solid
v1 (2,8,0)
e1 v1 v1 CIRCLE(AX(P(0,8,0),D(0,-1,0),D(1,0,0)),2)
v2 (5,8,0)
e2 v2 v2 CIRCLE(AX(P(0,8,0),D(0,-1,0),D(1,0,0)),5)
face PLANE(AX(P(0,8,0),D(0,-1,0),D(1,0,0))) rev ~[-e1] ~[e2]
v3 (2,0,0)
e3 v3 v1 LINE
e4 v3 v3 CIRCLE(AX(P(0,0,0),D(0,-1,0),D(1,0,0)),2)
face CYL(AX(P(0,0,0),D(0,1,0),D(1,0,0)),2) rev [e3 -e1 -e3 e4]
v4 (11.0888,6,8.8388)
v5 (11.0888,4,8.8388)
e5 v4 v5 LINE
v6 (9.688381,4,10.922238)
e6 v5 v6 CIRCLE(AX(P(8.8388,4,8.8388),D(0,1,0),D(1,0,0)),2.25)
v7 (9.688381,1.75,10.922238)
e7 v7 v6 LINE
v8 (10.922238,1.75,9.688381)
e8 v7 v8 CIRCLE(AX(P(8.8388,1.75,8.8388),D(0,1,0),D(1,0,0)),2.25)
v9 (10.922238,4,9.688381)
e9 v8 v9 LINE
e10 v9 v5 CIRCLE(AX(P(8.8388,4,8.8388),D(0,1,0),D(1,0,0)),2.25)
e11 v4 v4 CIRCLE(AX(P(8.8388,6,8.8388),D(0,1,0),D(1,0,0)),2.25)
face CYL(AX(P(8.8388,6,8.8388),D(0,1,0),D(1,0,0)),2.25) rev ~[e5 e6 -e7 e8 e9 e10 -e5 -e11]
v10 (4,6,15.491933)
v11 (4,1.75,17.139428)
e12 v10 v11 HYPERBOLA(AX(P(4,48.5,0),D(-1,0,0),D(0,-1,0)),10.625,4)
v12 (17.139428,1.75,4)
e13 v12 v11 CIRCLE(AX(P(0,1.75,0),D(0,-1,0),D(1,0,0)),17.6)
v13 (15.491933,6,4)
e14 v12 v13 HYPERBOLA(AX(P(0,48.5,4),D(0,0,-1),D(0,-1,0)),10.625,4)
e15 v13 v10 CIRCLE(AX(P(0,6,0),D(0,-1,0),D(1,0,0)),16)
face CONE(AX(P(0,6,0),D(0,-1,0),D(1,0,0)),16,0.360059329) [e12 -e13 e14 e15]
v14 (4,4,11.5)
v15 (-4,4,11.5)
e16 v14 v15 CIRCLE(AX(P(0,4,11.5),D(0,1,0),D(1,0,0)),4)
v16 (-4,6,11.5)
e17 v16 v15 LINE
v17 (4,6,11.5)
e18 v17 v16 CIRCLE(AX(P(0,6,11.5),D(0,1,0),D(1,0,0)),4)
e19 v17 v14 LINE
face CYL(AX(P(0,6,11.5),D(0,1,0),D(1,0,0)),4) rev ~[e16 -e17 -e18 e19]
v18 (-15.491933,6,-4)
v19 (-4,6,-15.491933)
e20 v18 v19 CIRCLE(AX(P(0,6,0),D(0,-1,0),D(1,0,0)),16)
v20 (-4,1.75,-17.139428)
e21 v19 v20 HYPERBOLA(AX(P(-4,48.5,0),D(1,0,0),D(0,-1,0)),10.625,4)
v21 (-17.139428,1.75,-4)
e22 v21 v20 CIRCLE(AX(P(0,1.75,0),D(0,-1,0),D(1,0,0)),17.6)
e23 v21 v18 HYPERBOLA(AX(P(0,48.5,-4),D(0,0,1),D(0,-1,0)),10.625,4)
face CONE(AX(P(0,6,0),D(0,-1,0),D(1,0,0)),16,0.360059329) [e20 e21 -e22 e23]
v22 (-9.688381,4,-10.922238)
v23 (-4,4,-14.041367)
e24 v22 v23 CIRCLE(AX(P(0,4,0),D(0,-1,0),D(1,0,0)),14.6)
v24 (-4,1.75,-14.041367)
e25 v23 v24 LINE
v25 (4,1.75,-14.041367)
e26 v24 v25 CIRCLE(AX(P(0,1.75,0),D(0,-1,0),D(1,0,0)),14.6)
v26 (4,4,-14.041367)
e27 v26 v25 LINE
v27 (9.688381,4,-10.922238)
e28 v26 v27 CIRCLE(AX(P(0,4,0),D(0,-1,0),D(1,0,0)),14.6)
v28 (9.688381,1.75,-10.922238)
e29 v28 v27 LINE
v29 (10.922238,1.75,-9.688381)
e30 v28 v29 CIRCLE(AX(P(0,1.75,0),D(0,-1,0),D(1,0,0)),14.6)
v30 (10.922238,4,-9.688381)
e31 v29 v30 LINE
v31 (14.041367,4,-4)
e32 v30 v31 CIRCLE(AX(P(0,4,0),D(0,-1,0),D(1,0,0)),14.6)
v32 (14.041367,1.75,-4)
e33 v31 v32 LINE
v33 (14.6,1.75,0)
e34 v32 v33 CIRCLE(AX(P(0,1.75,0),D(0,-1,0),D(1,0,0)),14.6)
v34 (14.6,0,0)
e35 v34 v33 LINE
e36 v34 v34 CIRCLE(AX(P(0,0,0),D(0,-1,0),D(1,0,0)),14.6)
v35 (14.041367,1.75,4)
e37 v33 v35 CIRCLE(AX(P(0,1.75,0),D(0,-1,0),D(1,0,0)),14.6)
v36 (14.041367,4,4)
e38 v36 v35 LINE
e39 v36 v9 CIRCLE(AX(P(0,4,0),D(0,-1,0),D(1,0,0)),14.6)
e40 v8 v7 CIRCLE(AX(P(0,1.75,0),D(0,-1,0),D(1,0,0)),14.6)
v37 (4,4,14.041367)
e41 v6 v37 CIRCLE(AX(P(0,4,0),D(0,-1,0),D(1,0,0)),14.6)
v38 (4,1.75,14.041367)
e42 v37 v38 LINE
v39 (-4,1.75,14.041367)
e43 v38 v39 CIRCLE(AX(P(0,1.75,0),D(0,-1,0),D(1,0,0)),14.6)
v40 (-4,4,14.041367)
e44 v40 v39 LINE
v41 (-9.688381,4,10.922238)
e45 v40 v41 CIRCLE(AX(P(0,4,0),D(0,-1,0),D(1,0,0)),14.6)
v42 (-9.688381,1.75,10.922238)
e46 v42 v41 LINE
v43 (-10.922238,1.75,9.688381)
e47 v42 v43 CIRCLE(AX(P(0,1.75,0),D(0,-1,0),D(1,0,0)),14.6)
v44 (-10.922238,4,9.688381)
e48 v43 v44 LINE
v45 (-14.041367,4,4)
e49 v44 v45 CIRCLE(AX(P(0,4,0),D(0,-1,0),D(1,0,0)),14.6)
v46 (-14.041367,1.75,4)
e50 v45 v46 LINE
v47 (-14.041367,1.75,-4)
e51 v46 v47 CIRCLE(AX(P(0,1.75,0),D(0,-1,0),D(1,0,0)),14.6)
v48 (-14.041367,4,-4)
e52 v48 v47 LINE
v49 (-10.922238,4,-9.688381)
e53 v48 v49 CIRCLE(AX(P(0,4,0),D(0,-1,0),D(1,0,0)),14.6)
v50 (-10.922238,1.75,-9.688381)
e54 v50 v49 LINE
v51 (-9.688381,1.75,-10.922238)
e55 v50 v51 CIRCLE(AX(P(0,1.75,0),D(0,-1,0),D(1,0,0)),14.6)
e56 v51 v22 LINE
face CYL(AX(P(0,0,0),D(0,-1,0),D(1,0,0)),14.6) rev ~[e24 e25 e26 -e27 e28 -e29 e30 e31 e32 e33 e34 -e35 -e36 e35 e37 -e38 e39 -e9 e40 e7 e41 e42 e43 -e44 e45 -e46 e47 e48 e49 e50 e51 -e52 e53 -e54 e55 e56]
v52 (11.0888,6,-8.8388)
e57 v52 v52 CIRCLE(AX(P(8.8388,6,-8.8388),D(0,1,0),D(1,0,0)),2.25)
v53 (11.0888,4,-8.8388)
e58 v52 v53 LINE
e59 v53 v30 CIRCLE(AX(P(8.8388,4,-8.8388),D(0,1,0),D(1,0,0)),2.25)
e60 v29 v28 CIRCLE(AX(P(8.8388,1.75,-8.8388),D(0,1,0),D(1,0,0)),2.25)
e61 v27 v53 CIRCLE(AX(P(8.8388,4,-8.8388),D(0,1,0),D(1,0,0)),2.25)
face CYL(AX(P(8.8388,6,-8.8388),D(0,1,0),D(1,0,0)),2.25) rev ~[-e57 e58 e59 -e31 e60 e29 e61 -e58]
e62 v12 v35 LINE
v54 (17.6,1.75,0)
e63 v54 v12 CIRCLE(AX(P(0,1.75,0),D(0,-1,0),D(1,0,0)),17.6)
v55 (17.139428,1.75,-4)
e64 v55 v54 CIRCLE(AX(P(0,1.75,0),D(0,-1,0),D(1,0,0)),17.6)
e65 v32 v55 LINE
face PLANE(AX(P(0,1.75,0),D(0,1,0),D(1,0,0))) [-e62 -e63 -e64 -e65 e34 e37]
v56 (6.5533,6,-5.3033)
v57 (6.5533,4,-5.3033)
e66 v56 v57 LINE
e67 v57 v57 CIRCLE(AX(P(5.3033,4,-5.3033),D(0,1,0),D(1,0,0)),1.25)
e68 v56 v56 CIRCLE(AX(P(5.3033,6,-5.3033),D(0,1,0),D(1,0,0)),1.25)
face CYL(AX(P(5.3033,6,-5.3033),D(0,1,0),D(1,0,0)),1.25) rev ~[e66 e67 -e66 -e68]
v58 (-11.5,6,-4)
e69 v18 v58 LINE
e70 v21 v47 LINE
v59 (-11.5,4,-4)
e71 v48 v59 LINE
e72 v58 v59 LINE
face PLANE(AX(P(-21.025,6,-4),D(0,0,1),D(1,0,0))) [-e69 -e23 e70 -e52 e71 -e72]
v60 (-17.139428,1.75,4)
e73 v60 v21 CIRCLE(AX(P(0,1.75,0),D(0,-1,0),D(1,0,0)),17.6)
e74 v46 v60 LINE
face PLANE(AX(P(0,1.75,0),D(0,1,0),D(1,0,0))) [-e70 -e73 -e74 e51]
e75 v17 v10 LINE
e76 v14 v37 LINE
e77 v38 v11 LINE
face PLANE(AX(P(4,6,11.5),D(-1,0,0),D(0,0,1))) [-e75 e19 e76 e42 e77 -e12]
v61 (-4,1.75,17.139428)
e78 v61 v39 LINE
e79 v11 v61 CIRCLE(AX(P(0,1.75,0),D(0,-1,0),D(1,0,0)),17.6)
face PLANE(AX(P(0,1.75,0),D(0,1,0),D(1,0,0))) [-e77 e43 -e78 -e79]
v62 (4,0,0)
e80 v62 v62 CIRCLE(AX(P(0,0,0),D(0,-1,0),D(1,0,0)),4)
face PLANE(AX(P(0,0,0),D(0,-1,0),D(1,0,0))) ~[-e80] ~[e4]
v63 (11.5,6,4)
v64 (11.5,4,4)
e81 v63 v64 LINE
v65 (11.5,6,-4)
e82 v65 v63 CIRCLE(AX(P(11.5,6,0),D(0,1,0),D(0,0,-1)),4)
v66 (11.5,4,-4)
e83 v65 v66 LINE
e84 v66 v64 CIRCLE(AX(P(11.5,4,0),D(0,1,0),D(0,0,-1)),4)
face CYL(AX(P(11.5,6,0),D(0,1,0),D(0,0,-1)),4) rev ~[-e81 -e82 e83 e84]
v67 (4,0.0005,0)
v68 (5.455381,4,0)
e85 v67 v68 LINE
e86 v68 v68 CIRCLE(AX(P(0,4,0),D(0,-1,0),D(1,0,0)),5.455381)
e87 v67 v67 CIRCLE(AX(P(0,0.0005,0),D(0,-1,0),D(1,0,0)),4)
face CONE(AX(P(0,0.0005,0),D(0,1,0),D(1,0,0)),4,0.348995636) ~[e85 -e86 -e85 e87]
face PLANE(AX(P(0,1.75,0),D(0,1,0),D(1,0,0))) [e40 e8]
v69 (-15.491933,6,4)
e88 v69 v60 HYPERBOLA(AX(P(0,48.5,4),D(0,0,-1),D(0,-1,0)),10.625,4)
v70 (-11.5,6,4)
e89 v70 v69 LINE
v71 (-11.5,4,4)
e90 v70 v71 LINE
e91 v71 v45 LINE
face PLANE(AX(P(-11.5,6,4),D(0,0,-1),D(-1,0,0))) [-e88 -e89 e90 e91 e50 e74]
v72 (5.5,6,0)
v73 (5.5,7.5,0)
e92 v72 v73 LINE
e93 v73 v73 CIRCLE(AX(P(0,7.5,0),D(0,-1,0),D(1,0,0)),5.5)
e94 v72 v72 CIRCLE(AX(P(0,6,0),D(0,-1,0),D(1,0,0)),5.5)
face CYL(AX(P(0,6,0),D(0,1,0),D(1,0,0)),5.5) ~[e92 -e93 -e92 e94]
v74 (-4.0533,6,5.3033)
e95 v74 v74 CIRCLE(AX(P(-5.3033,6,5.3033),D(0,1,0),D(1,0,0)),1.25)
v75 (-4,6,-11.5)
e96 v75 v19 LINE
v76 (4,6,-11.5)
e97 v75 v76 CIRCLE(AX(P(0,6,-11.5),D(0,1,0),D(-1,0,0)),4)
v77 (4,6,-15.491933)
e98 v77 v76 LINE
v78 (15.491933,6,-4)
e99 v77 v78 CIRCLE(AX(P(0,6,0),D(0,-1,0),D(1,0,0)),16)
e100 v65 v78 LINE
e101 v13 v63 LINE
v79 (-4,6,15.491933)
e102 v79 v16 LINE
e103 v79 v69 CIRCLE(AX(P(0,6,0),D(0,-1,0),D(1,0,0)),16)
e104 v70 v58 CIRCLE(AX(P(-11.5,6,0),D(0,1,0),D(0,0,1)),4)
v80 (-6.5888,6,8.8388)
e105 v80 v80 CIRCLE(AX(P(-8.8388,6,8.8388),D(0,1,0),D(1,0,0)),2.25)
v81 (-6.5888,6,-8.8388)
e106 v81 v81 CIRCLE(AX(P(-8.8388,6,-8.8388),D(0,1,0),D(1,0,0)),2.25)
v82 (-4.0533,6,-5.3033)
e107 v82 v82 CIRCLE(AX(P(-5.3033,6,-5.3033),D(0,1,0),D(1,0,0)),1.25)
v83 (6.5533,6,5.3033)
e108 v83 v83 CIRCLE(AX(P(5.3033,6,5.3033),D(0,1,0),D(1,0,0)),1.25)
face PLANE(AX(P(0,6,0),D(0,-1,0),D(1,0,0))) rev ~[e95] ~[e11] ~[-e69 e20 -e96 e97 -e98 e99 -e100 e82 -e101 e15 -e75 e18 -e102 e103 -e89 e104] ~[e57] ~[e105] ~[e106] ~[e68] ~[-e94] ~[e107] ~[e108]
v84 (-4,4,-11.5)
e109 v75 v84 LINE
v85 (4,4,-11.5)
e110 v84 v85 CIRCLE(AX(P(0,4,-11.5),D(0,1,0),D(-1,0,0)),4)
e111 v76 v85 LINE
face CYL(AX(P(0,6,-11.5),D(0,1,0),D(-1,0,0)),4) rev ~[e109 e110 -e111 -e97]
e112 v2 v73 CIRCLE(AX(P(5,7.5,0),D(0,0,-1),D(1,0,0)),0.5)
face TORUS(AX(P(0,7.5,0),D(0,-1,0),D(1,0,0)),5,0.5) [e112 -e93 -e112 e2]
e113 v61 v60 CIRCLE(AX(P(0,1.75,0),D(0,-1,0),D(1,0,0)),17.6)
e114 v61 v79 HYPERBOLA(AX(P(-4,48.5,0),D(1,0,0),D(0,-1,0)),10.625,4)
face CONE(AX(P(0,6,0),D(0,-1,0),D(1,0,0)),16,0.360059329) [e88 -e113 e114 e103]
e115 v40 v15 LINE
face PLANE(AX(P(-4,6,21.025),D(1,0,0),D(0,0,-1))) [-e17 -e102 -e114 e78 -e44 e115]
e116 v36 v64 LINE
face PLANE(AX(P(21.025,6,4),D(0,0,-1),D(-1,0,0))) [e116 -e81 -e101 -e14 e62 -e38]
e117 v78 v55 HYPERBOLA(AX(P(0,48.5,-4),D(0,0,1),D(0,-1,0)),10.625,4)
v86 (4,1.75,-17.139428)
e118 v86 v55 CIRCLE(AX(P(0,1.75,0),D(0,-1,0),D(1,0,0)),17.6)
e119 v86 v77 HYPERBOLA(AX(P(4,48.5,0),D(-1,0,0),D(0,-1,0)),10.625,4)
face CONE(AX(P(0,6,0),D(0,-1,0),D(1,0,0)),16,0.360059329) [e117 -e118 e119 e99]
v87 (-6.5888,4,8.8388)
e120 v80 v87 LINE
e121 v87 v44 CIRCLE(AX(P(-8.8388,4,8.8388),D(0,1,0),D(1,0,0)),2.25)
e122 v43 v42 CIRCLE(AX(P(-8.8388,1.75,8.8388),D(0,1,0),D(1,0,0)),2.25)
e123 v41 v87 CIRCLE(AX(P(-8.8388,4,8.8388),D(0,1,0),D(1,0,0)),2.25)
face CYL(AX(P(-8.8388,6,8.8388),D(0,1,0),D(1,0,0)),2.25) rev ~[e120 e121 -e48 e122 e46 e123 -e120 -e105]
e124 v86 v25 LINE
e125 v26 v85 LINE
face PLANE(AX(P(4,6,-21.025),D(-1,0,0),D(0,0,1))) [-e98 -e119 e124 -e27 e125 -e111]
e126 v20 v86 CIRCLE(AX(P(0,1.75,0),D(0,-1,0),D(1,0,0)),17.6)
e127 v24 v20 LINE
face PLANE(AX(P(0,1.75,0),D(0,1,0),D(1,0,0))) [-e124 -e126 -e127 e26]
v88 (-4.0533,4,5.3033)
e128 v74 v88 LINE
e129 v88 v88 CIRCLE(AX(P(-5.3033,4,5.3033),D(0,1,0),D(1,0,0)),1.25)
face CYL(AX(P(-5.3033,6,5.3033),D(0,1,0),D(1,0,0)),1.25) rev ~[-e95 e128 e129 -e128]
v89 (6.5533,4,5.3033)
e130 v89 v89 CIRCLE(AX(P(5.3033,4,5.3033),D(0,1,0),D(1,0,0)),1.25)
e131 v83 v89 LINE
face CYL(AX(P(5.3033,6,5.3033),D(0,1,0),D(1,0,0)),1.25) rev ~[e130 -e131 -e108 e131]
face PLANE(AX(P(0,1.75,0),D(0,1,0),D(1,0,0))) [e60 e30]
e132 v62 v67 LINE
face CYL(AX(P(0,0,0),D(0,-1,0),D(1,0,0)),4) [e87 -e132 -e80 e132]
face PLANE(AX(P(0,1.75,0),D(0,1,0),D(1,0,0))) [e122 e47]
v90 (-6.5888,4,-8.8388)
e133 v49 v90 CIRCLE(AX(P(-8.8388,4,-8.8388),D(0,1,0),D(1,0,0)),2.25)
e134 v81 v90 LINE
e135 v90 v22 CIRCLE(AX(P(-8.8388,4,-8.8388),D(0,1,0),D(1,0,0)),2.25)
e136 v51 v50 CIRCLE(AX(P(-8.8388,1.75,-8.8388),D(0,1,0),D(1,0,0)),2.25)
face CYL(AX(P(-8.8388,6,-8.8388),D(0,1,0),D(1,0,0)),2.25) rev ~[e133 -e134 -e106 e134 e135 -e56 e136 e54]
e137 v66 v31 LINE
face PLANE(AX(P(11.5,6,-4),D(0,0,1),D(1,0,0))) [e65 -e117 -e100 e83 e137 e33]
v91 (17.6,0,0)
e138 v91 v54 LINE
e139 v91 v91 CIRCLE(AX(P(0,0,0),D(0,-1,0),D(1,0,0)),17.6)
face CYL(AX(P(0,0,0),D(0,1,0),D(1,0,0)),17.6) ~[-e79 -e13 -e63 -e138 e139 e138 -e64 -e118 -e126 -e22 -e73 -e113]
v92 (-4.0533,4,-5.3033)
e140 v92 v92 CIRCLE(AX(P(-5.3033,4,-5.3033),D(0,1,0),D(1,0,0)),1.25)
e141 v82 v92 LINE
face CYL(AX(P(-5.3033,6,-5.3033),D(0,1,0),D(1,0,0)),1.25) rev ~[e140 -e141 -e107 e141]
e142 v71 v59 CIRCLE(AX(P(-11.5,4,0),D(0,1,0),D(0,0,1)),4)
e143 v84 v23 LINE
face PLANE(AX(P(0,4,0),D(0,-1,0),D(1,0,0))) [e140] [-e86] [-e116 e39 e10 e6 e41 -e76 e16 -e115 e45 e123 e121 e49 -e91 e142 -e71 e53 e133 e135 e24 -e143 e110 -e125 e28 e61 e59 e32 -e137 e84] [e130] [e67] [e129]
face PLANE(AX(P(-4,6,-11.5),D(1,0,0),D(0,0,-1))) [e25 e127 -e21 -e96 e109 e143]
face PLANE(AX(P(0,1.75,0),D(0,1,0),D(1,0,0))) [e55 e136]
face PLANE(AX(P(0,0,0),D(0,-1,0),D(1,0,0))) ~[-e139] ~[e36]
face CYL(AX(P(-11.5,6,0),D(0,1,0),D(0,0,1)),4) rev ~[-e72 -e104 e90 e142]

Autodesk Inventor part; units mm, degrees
ref_plane "YZ Plane" through (0, 0, 0) normal (1, 0, 0) x (0, 1, 0)
ref_plane "XZ Plane" through (0, 0, 0) normal (0, 1, 0) x (-1, 0, 0)
ref_plane "XY Plane" through (0, 0, 0) normal (0, 0, 1) x (1, 0, 0)
sketch "Sketch1" plane through (0, 0, 0) normal (0, 0, 1) x (1, 0, 0)
  line L0 (0, 0) -> (17.6, 0)
  line L1 (17.6, 0) -> (17.6, 6)
  line L2 (17.6, 6) -> (0, 6)
  line L3 (0, 6) -> (0, 0) construction
  line L4 (0, 6) -> (5.5, 6)
  line L5 (5.5, 6) -> (5.5, 8)
  line L6 (5.5, 8) -> (0, 8)
  line L7 (0, 8) -> (0, 6) construction
  line L8 (16, 6) -> (16, 0) construction
  line L9 (16, 6) -> (17.6, 1.75)
  line L10 (0, 0) -> (2, 0)
  line L11 (2, 0) -> (2, 8)
  line L12 (2, 8) -> (0, 8)
  line L13 (0, 8) -> (0, 0) construction
  dimension "d0" = 17.6
  dimension "d1" = 6
  dimension "d2" = 5.5
  dimension "d3" = 2
  dimension "d4" = 16
  dimension "d5" = 1.75
  dimension "d6" = 2
revolve "Revolution1" add sketch "Sketch1" angle 360 about axis through (0, 8, 0) along (0, -1, 0) contours L11 L2 L9 L1 L0 | L11 L6 L5 L2
sketch "Sketch2" plane through (0, 6, 0) normal (0, 1, 0) x (1, 0, 0)
  arc A0 (-11.5, -4) -> (-11.5, 4) centre (-11.5, 0) ccw
  circle A1 centre (0, 0) radius 11.5 construction
  line L0 (-11.5, 0) -> (0, 0) construction
  line L1 (-11.5, -4) -> (-21.025, -4)
  line L2 (-21.025, -4) -> (-21.025, 4)
  line L3 (-21.025, 4) -> (-11.5, 4)
  line L4 (-11.5, 4) -> (-11.5, -4) construction
  circle A2 centre (0, 0) radius 2 projected
  circle A3 centre (0, 0) radius 7.5 construction
  circle A4 centre (0, 0) radius 12.5 construction
  line L5 (0, 0) -> (-8.8388, 8.8388) construction
  circle A5 centre (-5.3033, 5.3033) radius 1.25
  circle A6 centre (-8.8388, 8.8388) radius 2.25
  line L6 (-4, -11.5) -> (4, -11.5) construction
  line L7 (4, -11.5) -> (4, -21.025)
  line L8 (4, -21.025) -> (-4, -21.025)
  line L9 (-4, -21.025) -> (-4, -11.5)
  arc A7 (4, -11.5) -> (-4, -11.5) centre (0, -11.5) ccw
  circle A8 centre (-5.3033, -5.3033) radius 1.25
  circle A9 centre (-8.8388, -8.8388) radius 2.25
  line L10 (11.5, -4) -> (11.5, 4) construction
  line L11 (11.5, 4) -> (21.025, 4)
  line L12 (21.025, 4) -> (21.025, -4)
  line L13 (21.025, -4) -> (11.5, -4)
  arc A10 (11.5, 4) -> (11.5, -4) centre (11.5, 0) ccw
  circle A11 centre (5.3033, -5.3033) radius 1.25
  circle A12 centre (8.8388, -8.8388) radius 2.25
  line L14 (4, 11.5) -> (-4, 11.5) construction
  line L15 (-4, 11.5) -> (-4, 21.025)
  line L16 (-4, 21.025) -> (4, 21.025)
  line L17 (4, 21.025) -> (4, 11.5)
  arc A13 (-4, 11.5) -> (4, 11.5) centre (0, 11.5) ccw
  circle A14 centre (5.3033, 5.3033) radius 1.25
  circle A15 centre (8.8388, 8.8388) radius 2.25
  dimension "d9" = 23
  dimension "d11" = 15
  dimension "d12" = 25
  dimension "d8" = 8
  dimension "d10" = 9.525
  dimension "d13" = 45
  dimension "d14" = 2.5
  dimension "d15" = 4.5
  dimension "d18" = 360
extrude "Extrusion1" cut sketch "Sketch2" against normal blind 4.25
sketch "Sketch3" plane through (0, 0, 0) normal (0, -1, 0) x (1, 0, 0)
  circle A0 centre (0, 0) radius 2
  arc A1 (17.1394, 4) -> (4, 17.1394) centre (0, 0) ccw projected
  circle A2 centre (0, 0) radius 17.6
  circle A3 centre (0, 0) radius 14.6
  circle A4 centre (0, 0) radius 4
  dimension "d22" = 3
  dimension "d23" = 8
extrude "Extrusion2" cut sketch "Sketch3" against normal blind 4 contours A3
chamfer "Chamfer1" distance 4 angle 20 1 edges at (-4, 4, 0) measured on face at (3.987, 2.6667, -0.3219)
fillet "Fillet1" radius 0.5 1 edges at (-5.5, 8, 0)
properties part number "Top" material "Stainless Steel"
